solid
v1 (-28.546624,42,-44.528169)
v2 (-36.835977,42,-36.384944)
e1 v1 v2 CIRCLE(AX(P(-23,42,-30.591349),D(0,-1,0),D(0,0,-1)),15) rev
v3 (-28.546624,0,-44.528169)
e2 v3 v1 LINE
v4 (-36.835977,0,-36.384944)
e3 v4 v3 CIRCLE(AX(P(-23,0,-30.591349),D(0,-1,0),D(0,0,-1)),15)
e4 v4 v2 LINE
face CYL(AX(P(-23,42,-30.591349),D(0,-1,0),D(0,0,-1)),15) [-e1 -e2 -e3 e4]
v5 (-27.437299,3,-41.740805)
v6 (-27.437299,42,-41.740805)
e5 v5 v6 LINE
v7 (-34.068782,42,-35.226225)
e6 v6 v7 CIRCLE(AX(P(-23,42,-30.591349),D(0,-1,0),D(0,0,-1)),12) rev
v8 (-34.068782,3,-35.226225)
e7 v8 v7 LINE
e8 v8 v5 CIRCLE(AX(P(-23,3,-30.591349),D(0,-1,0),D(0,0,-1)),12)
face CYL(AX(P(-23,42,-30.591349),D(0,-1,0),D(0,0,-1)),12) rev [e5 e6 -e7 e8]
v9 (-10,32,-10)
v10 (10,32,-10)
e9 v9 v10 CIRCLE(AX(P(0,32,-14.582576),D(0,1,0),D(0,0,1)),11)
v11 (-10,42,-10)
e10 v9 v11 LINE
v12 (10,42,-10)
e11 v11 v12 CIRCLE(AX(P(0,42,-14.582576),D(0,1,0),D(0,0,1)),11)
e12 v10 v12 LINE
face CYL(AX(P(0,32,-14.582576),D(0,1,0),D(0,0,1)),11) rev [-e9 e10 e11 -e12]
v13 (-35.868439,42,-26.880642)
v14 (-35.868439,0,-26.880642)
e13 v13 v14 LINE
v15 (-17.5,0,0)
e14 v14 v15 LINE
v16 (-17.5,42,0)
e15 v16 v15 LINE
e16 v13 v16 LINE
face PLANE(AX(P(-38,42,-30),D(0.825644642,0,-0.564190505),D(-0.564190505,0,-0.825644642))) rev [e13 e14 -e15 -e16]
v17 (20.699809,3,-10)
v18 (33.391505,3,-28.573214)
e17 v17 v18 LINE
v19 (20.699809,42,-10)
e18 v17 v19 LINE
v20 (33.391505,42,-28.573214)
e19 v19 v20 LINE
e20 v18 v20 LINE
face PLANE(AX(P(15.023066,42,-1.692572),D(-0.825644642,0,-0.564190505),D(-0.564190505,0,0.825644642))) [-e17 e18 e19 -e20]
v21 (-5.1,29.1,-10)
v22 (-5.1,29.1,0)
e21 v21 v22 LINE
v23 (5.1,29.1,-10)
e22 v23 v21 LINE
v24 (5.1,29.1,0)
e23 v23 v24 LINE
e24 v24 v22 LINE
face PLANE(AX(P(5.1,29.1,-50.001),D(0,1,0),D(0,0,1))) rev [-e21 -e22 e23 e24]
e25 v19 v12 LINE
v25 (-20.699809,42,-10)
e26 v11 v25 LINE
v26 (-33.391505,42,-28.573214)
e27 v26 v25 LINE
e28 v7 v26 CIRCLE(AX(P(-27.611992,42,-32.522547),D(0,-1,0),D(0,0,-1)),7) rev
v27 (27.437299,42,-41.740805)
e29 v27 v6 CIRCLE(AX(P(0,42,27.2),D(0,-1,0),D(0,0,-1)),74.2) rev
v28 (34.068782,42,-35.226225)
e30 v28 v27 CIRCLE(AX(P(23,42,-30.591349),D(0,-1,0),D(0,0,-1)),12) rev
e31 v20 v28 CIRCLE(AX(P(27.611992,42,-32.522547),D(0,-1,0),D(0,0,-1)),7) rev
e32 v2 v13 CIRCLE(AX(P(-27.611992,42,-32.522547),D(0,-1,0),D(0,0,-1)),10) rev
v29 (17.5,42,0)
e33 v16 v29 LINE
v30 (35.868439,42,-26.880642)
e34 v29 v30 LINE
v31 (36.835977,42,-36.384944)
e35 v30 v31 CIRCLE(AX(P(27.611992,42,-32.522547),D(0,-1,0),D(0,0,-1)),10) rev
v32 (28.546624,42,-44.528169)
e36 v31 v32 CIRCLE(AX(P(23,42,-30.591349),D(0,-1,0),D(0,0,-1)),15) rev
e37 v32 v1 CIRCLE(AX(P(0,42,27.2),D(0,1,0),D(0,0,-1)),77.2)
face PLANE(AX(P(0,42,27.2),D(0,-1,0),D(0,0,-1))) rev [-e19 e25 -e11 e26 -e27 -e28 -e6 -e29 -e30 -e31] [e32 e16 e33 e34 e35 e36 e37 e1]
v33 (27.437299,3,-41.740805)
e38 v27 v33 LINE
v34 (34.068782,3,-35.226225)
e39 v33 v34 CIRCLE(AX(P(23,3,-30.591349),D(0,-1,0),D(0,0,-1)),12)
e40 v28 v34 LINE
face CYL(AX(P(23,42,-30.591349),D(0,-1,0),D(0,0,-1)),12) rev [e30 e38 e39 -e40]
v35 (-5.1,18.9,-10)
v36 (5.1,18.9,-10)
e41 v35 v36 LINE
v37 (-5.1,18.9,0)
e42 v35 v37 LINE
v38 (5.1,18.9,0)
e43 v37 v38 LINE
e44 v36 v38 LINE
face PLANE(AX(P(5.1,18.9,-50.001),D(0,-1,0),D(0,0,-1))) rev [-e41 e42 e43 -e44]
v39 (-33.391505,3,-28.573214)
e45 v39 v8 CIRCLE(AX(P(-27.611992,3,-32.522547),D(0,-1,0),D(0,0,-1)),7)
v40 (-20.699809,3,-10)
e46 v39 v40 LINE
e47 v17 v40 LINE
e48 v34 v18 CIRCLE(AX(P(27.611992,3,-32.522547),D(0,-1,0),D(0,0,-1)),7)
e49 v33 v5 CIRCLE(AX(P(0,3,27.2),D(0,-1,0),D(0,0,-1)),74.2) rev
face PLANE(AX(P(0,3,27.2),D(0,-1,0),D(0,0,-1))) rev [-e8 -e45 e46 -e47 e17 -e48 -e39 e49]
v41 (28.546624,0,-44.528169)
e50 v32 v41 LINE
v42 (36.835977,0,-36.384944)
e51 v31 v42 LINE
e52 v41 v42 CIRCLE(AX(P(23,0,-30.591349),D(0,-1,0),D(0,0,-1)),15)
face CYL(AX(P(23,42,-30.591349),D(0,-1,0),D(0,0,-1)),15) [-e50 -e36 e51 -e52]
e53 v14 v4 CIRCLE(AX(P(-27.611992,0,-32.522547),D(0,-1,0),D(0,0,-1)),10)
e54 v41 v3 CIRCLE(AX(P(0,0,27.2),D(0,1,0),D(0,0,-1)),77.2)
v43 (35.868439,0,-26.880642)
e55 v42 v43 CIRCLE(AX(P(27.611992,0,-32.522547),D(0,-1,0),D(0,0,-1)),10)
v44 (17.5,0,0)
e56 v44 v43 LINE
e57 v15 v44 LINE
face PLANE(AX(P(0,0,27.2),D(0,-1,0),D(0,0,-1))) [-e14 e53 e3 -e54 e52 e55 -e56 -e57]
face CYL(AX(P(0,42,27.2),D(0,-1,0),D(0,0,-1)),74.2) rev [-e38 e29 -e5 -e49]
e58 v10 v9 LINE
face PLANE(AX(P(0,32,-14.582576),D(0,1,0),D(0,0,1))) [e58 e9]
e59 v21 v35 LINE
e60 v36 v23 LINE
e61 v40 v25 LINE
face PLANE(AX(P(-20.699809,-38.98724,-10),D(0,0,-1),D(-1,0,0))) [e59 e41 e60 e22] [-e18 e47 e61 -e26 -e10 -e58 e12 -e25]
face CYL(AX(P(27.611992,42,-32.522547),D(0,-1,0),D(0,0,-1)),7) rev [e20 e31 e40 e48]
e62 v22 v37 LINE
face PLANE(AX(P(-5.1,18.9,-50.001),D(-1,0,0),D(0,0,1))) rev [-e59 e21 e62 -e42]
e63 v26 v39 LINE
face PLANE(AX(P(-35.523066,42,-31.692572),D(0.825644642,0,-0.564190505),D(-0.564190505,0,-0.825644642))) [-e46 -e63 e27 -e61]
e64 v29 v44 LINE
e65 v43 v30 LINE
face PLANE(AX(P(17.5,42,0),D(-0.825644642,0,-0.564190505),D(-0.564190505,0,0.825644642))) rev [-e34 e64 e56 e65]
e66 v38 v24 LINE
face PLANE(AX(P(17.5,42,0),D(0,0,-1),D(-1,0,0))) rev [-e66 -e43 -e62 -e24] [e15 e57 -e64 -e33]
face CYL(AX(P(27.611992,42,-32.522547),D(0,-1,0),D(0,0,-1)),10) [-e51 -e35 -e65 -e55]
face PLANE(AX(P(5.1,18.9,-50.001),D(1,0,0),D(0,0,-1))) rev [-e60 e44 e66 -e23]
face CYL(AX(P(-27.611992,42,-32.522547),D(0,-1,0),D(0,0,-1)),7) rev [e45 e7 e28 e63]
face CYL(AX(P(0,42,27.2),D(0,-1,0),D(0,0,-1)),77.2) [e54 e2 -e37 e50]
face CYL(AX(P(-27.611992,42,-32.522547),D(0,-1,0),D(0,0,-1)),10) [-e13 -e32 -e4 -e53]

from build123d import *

# Parameters (mm, degrees)
BOSS_EXTRUDE1_DEPTH = 42
FILLET3_R           = 15
FILLET4_R           = 10
SHELL1_T            = -3
BOSS_EXTRUDE2_DEPTH = 39
CUT_EXTRUDE1_REACH  = 77.357
SKETCH4_W           = 10.2
SKETCH4_H           = 10.2
CUT_EXTRUDE2_DEPTH  = 10


with BuildPart() as part:
    # Sketch1 → Boss-Extrude1 (new body)
    with BuildSketch(Plane(origin=(0, 0, 0), x_dir=(1, 0, 0), z_dir=(0, 1, 0))):
        with BuildLine():
            Line((17.5, 0), (-17.5, 0))
            Line((-17.5, 0), (-38, 30))
            Line((-38, 30), (-38, 40))
            ThreePointArc((-38, 40), (0, 50), (38, 40))
            Line((38, 40), (38, 30))
            Line((38, 30), (17.5, 0))
        make_face()
    extrude(amount=BOSS_EXTRUDE1_DEPTH)

    # Fillet3
    fillet3_edges = [part.edges().sort_by_distance(p)[0] for p in [
        (-38, 21, -40),
        (38, 21, -40),
    ]]
    fillet(fillet3_edges, radius=FILLET3_R)

    # Fillet4
    fillet4_edges = [part.edges().sort_by_distance(p)[0] for p in [
        (38, 21, -30),
        (-38, 21, -30),
    ]]
    fillet(fillet4_edges, radius=FILLET4_R)

    # Shell1
    shell1_openings = [part.faces().sort_by_distance(p)[0] for p in [
        (0, 42, -26.142046548),
    ]]
    offset(amount=SHELL1_T, openings=shell1_openings)

    # Sketch3 → Boss-Extrude2 (add)
    with BuildSketch(Plane(origin=(0, 42, 0), x_dir=(1, 0, 0), z_dir=(0, 1, 0))):
        Polygon((-20.699808874, 10), (20.699808874, 10), (15.91647554, 3), (-15.91647554, 3), align=None)
    extrude(amount=-BOSS_EXTRUDE2_DEPTH)

    # Sketch4 → Cut-Extrude1 (cut, up to next)
    with BuildSketch(Plane.XY, mode=Mode.PRIVATE) as cut_extrude1_sk1:
        with Locations((0, 24)):
            Rectangle(SKETCH4_W, SKETCH4_H)
    cut_extrude1_tool1 = extrude(cut_extrude1_sk1.sketch, amount=-CUT_EXTRUDE1_REACH, mode=Mode.PRIVATE) & part.part
    add(cut_extrude1_tool1.solids().sort_by_distance((0, 24, 0))[0], mode=Mode.SUBTRACT)

    # Sketch5 → Cut-Extrude2 (cut)
    with BuildSketch(Plane(origin=(0, 42, 0), x_dir=(1, 0, 0), z_dir=(0, 1, 0))):
        with BuildLine():
            Line((-10, 10), (10, 10))
            ThreePointArc((10, 10), (0, 3.582575695), (-10, 10))
        make_face()
    extrude(amount=-CUT_EXTRUDE2_DEPTH, mode=Mode.SUBTRACT)


solid = part.part
